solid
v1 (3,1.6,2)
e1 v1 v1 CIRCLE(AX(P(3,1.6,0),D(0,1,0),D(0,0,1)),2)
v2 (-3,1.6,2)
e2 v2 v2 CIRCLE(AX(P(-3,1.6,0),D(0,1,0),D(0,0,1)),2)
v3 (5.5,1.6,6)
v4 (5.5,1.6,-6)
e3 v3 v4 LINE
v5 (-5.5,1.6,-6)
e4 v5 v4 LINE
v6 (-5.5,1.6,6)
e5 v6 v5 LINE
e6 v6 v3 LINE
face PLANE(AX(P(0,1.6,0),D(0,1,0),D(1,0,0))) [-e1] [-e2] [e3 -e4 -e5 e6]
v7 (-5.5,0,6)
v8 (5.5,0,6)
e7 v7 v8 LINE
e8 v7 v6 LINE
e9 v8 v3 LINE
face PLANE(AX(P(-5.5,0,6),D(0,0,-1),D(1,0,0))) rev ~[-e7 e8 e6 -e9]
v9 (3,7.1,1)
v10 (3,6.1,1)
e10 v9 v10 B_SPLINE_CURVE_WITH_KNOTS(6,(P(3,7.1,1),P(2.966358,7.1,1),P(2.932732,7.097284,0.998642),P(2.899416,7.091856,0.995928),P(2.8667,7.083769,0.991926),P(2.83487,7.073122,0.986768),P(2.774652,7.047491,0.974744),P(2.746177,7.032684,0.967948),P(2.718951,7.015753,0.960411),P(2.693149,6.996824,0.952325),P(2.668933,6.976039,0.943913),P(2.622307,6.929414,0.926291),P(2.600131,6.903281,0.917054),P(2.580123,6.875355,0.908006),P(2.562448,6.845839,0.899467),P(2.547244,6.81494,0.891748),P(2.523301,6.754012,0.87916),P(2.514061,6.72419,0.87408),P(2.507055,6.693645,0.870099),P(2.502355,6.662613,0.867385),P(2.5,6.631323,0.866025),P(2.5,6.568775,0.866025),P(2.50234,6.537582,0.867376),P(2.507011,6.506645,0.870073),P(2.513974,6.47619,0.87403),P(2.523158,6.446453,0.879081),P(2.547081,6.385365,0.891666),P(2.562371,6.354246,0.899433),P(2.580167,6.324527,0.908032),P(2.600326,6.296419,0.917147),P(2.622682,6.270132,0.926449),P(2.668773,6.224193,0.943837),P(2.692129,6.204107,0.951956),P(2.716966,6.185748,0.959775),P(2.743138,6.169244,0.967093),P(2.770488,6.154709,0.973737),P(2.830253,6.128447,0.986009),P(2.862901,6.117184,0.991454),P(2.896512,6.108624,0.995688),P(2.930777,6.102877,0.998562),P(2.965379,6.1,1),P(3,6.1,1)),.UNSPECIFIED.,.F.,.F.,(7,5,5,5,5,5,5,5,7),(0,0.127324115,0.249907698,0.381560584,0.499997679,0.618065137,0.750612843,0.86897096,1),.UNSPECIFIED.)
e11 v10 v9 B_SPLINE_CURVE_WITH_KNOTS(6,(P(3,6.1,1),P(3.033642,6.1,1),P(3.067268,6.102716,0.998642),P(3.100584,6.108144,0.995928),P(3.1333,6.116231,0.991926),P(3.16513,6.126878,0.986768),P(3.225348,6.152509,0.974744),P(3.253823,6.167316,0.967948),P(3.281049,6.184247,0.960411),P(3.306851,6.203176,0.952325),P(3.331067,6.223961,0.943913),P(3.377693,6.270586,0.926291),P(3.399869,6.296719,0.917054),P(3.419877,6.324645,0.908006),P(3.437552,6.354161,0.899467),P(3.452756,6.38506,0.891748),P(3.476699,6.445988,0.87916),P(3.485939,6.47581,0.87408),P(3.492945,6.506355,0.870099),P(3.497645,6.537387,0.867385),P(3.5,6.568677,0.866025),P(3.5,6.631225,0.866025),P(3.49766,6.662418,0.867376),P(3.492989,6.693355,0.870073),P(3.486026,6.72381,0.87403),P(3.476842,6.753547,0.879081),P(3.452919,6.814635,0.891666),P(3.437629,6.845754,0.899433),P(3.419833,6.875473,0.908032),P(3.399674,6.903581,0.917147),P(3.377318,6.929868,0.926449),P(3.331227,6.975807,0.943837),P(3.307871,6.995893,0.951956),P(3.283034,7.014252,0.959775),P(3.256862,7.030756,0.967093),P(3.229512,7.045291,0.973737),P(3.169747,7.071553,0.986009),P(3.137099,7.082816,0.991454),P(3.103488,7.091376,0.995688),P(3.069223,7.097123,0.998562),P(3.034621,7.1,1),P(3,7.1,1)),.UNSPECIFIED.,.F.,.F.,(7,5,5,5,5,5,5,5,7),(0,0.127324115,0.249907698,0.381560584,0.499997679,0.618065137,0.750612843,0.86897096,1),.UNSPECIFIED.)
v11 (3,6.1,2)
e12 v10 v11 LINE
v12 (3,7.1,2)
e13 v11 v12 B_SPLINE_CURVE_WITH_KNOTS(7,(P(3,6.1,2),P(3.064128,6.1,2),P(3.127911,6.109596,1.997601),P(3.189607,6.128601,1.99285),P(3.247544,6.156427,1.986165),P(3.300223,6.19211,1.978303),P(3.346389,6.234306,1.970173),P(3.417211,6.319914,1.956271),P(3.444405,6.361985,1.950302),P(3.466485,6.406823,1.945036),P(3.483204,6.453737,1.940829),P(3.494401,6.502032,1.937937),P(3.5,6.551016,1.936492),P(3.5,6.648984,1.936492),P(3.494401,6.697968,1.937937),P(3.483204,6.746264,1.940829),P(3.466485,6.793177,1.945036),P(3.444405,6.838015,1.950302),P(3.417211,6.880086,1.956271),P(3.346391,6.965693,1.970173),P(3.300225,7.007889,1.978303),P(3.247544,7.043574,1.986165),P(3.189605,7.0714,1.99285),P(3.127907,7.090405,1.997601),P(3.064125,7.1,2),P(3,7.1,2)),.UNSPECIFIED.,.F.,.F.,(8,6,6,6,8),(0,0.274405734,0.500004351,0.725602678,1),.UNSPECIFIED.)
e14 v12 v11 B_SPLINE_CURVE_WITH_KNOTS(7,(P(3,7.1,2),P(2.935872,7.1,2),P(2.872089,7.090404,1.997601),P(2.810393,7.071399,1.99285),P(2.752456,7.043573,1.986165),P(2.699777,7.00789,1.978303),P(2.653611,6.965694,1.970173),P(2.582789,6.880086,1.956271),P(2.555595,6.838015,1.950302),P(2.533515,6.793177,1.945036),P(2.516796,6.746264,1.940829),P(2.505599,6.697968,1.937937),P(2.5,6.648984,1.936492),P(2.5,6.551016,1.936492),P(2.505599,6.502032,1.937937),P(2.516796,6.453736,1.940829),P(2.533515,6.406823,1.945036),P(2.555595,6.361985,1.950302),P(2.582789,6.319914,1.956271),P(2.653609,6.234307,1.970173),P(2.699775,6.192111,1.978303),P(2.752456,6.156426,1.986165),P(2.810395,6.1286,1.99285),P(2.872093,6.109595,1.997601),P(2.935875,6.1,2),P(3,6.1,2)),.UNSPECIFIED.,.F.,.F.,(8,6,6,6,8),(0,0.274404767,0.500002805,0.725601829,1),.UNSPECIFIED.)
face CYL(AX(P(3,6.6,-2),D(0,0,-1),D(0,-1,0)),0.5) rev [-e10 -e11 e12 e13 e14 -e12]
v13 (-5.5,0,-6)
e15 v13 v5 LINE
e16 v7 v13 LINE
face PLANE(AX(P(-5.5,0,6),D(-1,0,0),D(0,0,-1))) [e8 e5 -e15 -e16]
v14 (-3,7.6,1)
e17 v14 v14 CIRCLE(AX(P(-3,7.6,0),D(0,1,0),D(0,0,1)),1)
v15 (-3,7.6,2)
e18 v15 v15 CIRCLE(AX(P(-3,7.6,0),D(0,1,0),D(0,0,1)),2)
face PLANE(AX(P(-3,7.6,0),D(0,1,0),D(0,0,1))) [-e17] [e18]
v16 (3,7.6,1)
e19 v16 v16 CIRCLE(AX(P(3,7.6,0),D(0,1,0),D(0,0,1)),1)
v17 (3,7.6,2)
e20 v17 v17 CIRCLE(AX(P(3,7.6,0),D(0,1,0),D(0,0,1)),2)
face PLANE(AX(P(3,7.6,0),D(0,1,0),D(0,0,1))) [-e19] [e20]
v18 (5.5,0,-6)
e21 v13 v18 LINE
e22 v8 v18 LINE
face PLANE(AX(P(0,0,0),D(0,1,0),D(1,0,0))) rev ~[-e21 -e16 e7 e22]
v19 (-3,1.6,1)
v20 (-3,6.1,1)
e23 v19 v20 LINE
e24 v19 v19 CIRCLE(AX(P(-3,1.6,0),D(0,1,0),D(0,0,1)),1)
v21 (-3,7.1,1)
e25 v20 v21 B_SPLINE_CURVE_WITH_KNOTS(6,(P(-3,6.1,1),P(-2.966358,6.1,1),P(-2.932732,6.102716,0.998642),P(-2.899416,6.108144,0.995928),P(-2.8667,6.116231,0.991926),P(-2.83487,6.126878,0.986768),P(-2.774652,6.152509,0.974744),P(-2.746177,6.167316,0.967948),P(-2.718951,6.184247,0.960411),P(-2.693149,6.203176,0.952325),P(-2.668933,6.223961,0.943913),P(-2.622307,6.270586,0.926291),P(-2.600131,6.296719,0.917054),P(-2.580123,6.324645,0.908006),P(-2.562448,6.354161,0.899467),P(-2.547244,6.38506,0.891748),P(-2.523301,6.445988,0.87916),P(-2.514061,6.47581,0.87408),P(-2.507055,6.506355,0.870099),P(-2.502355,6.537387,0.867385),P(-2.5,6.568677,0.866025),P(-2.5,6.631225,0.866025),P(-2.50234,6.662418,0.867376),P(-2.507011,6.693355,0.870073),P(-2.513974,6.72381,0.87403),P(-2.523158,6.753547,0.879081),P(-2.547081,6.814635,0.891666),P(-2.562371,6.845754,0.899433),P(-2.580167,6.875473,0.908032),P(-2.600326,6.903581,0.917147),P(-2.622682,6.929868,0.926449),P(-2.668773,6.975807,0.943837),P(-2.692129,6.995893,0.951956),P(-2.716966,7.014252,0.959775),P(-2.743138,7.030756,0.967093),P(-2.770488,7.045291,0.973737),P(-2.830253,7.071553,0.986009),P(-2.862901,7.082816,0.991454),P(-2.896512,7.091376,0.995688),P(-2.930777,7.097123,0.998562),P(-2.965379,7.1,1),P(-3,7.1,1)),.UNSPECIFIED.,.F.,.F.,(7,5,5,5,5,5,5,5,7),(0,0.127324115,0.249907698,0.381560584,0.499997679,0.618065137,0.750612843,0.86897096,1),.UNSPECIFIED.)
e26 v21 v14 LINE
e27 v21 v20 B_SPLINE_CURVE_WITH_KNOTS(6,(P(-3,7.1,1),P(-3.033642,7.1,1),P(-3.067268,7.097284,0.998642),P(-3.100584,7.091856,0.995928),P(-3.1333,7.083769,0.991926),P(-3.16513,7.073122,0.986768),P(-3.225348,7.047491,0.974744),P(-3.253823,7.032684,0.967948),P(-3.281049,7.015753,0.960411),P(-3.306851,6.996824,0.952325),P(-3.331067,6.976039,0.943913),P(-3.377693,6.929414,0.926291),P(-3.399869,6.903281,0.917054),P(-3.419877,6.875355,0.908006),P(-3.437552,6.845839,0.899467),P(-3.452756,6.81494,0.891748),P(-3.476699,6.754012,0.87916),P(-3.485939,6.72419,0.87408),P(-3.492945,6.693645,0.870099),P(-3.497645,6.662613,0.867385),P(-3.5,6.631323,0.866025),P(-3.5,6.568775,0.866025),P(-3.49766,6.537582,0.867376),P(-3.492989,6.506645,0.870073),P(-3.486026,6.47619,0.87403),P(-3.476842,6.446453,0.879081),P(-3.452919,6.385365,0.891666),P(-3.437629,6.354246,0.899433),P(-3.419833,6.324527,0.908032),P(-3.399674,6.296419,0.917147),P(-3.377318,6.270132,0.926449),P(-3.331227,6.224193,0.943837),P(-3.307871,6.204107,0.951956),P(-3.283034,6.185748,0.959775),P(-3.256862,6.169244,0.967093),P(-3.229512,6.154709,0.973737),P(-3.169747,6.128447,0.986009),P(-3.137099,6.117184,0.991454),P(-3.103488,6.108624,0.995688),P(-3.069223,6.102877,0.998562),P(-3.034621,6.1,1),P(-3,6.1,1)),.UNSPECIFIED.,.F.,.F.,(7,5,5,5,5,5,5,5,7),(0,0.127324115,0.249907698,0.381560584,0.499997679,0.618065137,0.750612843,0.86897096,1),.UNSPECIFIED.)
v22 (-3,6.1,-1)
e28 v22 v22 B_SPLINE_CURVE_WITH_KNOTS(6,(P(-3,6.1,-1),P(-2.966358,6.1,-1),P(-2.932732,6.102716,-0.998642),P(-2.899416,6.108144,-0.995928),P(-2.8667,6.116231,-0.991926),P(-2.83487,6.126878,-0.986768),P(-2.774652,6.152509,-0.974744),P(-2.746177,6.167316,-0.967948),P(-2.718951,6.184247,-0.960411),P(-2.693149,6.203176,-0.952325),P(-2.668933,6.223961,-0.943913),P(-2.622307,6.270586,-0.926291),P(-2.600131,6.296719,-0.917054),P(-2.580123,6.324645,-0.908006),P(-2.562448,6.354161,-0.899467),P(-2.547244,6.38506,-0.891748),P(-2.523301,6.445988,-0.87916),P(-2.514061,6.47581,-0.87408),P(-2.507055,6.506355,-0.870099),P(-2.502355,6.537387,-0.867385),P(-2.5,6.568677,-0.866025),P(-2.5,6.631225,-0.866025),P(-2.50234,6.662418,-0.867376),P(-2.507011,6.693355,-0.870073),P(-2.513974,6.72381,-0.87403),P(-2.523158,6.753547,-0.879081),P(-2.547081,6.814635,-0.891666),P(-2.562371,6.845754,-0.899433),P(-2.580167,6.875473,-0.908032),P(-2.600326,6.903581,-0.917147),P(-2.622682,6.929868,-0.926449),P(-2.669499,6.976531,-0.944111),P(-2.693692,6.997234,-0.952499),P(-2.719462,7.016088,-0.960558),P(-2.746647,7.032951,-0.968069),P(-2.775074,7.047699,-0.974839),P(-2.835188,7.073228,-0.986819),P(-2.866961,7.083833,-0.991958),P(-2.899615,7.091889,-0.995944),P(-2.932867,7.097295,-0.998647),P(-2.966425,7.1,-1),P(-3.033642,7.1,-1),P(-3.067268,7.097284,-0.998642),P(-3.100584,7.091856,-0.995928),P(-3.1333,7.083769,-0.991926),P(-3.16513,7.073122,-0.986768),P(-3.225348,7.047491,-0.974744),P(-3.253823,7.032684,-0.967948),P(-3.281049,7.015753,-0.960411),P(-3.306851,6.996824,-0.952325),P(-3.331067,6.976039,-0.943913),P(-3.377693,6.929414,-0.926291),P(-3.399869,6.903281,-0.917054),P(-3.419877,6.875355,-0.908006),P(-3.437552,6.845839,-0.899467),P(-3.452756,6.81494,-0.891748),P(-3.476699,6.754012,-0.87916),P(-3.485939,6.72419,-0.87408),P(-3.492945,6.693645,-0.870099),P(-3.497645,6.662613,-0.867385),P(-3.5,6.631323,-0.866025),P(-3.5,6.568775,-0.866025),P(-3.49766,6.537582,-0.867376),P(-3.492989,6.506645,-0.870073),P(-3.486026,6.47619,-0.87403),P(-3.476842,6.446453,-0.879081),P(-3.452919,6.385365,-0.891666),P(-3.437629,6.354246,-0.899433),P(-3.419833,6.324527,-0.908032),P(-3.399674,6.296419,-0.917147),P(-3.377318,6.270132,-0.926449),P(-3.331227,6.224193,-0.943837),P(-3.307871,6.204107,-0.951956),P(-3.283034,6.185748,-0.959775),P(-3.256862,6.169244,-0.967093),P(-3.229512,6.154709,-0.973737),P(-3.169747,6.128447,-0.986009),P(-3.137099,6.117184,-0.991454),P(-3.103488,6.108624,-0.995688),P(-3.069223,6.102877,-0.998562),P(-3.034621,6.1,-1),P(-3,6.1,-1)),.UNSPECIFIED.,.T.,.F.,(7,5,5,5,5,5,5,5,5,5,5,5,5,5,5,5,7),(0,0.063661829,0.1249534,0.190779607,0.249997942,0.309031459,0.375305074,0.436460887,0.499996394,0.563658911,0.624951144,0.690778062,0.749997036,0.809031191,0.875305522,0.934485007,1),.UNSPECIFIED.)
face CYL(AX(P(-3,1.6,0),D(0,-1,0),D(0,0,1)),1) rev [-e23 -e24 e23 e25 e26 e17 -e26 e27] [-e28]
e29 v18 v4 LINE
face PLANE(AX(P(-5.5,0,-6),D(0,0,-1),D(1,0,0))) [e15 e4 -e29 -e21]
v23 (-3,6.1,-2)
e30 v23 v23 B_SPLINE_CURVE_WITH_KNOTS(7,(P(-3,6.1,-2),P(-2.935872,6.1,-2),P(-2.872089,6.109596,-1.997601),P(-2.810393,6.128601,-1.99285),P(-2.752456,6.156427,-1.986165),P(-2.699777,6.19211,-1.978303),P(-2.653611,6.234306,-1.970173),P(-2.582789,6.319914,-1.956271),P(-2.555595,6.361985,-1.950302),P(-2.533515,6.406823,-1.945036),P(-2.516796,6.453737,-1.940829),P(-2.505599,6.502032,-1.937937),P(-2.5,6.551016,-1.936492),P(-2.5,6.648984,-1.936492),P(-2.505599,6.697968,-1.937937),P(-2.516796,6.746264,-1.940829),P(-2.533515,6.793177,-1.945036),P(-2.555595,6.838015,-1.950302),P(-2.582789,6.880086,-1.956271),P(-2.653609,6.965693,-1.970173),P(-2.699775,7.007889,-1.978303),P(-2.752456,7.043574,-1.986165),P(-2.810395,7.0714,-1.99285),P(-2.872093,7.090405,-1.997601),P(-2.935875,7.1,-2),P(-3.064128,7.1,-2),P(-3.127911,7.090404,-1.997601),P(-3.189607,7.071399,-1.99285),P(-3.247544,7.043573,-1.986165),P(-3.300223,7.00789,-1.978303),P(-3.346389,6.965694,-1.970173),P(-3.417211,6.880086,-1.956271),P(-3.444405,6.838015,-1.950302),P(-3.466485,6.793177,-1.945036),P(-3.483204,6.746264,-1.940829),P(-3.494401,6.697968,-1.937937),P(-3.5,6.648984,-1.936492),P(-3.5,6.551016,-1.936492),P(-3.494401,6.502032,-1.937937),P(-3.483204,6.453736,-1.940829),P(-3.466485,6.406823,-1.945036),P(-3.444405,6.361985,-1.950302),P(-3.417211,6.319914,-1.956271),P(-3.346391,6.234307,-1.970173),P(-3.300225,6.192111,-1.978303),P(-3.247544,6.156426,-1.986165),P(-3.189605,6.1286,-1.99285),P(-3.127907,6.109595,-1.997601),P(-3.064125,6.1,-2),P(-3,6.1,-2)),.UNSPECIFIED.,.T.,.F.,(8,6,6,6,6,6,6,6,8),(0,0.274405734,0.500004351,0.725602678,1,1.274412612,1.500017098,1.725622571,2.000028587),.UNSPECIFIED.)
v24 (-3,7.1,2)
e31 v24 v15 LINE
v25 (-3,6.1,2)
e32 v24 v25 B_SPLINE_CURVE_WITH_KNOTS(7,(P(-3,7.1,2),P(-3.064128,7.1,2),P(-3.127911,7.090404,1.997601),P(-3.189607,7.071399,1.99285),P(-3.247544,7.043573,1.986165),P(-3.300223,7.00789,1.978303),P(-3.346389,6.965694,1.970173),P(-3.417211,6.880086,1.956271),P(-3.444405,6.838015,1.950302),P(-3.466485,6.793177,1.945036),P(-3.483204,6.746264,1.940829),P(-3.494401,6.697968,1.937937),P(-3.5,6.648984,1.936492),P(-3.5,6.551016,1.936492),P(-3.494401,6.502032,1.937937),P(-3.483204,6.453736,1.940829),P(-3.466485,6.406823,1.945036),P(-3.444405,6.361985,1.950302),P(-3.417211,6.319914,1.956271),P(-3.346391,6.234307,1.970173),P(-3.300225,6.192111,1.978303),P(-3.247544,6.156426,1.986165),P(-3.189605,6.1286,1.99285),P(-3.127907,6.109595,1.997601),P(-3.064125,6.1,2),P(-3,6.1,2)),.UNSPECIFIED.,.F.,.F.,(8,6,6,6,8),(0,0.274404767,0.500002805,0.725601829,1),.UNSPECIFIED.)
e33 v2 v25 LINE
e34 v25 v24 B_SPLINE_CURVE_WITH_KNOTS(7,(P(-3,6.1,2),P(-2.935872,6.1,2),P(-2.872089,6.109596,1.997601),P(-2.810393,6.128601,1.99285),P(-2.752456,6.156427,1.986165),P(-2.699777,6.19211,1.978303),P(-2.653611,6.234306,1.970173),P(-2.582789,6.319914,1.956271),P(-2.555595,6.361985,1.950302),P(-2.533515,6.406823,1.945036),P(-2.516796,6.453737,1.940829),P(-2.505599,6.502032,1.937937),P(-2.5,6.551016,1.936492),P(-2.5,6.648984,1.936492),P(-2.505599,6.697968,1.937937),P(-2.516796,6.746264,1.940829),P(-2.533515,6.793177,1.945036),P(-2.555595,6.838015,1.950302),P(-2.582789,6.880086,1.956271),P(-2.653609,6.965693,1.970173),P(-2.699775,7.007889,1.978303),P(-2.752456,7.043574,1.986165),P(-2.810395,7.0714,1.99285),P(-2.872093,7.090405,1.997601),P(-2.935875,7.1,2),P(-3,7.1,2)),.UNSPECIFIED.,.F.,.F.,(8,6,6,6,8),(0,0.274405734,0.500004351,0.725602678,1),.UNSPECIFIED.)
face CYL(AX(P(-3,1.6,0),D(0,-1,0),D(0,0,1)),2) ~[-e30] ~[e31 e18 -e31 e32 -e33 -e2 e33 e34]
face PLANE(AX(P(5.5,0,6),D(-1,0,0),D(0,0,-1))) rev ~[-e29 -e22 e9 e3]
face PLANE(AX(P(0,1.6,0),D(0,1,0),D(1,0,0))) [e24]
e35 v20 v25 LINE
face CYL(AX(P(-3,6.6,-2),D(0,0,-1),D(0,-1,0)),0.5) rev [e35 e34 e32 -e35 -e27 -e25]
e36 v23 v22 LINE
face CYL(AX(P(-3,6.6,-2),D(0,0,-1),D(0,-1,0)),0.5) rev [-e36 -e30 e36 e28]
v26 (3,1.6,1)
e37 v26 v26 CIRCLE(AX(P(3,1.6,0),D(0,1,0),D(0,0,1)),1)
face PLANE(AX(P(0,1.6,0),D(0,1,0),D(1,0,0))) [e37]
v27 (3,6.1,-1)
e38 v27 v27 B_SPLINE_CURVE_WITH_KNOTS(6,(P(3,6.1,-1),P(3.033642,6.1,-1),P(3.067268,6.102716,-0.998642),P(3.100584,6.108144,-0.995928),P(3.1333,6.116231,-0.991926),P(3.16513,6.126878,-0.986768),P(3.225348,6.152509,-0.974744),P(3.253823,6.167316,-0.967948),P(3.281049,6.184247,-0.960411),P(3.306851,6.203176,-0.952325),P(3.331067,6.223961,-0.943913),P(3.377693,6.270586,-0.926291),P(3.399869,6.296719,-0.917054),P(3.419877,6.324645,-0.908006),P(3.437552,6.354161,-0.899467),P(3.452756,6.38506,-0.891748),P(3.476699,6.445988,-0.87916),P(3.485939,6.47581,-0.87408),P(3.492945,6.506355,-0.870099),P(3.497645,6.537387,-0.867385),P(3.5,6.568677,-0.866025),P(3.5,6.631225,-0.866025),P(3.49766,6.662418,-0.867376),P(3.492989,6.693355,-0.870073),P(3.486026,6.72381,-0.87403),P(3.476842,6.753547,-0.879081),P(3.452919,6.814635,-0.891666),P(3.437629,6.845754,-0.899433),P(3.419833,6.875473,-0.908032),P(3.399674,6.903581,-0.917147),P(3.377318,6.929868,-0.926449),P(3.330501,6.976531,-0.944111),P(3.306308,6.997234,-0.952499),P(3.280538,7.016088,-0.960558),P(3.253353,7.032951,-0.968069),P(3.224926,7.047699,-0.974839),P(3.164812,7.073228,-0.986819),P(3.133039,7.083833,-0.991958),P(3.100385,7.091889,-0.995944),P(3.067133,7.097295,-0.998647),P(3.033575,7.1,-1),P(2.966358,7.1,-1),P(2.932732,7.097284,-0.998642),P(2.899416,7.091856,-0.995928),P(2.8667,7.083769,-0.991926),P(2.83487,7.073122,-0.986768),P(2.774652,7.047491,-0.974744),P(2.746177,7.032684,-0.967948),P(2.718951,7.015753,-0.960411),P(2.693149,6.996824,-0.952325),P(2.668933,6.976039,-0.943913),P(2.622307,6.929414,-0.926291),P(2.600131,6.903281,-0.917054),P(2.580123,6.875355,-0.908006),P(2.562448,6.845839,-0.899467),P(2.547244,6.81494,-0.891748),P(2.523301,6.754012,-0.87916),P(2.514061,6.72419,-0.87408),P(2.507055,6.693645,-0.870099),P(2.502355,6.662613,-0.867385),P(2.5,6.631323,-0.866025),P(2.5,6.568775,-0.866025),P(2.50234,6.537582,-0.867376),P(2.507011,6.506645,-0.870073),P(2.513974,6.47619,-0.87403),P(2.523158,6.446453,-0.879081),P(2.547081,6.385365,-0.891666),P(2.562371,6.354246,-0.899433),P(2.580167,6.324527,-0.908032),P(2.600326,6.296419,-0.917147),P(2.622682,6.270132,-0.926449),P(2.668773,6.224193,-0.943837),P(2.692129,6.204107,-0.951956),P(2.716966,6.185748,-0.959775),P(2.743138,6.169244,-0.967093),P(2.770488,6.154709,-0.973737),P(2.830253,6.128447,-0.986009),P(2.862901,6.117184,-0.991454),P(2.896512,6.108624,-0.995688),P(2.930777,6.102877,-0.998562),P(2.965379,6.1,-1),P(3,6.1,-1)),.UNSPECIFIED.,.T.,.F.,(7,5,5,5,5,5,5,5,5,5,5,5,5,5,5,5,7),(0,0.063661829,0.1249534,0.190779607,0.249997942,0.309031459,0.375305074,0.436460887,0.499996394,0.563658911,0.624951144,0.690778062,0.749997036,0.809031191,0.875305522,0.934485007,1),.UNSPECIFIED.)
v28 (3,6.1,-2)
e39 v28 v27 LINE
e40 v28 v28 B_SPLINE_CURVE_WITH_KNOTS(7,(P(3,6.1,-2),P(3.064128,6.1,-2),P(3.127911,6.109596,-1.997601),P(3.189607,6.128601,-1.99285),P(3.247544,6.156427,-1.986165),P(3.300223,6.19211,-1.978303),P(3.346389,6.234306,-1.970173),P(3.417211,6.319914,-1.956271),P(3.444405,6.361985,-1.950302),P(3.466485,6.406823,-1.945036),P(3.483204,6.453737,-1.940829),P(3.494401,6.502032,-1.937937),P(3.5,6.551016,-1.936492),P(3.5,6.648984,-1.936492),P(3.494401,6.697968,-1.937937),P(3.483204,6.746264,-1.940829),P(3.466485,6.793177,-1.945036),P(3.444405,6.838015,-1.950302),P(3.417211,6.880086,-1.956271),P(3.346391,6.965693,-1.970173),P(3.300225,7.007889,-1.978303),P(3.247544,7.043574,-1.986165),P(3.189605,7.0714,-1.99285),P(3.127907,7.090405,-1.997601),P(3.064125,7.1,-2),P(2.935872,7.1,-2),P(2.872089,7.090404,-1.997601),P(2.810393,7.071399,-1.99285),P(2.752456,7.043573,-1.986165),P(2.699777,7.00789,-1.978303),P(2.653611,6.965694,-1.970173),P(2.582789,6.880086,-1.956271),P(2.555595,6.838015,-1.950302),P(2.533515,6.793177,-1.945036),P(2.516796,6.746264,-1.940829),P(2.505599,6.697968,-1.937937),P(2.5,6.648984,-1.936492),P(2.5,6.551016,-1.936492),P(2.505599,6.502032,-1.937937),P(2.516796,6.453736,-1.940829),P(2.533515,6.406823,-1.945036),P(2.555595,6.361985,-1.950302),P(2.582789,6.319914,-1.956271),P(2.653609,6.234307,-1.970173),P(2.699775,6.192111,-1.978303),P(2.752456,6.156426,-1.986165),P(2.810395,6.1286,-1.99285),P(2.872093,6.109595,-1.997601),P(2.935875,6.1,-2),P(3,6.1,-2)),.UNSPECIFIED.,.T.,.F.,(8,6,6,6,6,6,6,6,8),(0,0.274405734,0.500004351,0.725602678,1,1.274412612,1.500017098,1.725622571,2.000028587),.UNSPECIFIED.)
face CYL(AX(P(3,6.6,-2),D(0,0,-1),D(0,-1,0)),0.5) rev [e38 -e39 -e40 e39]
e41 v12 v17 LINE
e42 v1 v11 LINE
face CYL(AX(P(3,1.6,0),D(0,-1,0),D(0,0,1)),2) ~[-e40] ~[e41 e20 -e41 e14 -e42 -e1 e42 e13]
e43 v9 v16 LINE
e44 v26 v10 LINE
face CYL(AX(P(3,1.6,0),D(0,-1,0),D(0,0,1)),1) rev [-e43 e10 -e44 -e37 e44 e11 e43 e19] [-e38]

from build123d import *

# Parameters (mm, degrees)
SKETCH1_W               = 11
SKETCH1_H               = 12
BOSS_EXTRUDE1_DEPTH     = 1.6
SKETCH2_R               = 2
SKETCH2_R_2             = 1
BOSS_EXTRUDE2_DEPTH     = 6
CUT_EXTRUDE1_DEPTH      = 2
CUT_EXTRUDE1_DEPTH_BACK = 2
SKETCH3_R               = 0.5


with BuildPart() as part:
    # Sketch1 → Boss-Extrude1 (new body)
    with BuildSketch(Plane(origin=(0, 0, 0), x_dir=(1, 0, 0), z_dir=(0, 1, 0))):
        Rectangle(SKETCH1_W, SKETCH1_H)
    extrude(amount=BOSS_EXTRUDE1_DEPTH)

    # Sketch2 → Boss-Extrude2 (add)
    # profile 1 of 2: a face of its own
    with BuildSketch(Plane(origin=(0, 1.6, 0), x_dir=(1, 0, 0), z_dir=(0, 1, 0))):
        with Locations(Location((-3, 0, 0), (0, 0, 270))):
            Circle(SKETCH2_R)
        with Locations(Location((-3, 0, 0), (0, 0, 270))):
            Circle(SKETCH2_R_2, mode=Mode.SUBTRACT)
    # profile 2 of 2: a face of its own
    with BuildSketch(Plane(origin=(0, 1.6, 0), x_dir=(1, 0, 0), z_dir=(0, 1, 0))):
        with Locations(Location((3, 0, 0), (0, 0, 270))):
            Circle(SKETCH2_R)
        with Locations(Location((3, 0, 0), (0, 0, 270))):
            Circle(SKETCH2_R_2, mode=Mode.SUBTRACT)
    extrude(amount=BOSS_EXTRUDE2_DEPTH)

    # Sketch3 → Cut-Extrude1 (cut, two sides: drawn at the far end of the back side and taken through both)
    with BuildSketch(Plane.XY.offset(-CUT_EXTRUDE1_DEPTH_BACK)):
        with Locations(Location((-3, 6.6, 0), (0, 0, 270.000000002))):
            Circle(SKETCH3_R)
        with Locations(Location((3, 6.6, 0), (0, 0, 270.000000002))):
            Circle(SKETCH3_R)
    extrude(amount=CUT_EXTRUDE1_DEPTH + CUT_EXTRUDE1_DEPTH_BACK, mode=Mode.SUBTRACT)


solid = part.part
